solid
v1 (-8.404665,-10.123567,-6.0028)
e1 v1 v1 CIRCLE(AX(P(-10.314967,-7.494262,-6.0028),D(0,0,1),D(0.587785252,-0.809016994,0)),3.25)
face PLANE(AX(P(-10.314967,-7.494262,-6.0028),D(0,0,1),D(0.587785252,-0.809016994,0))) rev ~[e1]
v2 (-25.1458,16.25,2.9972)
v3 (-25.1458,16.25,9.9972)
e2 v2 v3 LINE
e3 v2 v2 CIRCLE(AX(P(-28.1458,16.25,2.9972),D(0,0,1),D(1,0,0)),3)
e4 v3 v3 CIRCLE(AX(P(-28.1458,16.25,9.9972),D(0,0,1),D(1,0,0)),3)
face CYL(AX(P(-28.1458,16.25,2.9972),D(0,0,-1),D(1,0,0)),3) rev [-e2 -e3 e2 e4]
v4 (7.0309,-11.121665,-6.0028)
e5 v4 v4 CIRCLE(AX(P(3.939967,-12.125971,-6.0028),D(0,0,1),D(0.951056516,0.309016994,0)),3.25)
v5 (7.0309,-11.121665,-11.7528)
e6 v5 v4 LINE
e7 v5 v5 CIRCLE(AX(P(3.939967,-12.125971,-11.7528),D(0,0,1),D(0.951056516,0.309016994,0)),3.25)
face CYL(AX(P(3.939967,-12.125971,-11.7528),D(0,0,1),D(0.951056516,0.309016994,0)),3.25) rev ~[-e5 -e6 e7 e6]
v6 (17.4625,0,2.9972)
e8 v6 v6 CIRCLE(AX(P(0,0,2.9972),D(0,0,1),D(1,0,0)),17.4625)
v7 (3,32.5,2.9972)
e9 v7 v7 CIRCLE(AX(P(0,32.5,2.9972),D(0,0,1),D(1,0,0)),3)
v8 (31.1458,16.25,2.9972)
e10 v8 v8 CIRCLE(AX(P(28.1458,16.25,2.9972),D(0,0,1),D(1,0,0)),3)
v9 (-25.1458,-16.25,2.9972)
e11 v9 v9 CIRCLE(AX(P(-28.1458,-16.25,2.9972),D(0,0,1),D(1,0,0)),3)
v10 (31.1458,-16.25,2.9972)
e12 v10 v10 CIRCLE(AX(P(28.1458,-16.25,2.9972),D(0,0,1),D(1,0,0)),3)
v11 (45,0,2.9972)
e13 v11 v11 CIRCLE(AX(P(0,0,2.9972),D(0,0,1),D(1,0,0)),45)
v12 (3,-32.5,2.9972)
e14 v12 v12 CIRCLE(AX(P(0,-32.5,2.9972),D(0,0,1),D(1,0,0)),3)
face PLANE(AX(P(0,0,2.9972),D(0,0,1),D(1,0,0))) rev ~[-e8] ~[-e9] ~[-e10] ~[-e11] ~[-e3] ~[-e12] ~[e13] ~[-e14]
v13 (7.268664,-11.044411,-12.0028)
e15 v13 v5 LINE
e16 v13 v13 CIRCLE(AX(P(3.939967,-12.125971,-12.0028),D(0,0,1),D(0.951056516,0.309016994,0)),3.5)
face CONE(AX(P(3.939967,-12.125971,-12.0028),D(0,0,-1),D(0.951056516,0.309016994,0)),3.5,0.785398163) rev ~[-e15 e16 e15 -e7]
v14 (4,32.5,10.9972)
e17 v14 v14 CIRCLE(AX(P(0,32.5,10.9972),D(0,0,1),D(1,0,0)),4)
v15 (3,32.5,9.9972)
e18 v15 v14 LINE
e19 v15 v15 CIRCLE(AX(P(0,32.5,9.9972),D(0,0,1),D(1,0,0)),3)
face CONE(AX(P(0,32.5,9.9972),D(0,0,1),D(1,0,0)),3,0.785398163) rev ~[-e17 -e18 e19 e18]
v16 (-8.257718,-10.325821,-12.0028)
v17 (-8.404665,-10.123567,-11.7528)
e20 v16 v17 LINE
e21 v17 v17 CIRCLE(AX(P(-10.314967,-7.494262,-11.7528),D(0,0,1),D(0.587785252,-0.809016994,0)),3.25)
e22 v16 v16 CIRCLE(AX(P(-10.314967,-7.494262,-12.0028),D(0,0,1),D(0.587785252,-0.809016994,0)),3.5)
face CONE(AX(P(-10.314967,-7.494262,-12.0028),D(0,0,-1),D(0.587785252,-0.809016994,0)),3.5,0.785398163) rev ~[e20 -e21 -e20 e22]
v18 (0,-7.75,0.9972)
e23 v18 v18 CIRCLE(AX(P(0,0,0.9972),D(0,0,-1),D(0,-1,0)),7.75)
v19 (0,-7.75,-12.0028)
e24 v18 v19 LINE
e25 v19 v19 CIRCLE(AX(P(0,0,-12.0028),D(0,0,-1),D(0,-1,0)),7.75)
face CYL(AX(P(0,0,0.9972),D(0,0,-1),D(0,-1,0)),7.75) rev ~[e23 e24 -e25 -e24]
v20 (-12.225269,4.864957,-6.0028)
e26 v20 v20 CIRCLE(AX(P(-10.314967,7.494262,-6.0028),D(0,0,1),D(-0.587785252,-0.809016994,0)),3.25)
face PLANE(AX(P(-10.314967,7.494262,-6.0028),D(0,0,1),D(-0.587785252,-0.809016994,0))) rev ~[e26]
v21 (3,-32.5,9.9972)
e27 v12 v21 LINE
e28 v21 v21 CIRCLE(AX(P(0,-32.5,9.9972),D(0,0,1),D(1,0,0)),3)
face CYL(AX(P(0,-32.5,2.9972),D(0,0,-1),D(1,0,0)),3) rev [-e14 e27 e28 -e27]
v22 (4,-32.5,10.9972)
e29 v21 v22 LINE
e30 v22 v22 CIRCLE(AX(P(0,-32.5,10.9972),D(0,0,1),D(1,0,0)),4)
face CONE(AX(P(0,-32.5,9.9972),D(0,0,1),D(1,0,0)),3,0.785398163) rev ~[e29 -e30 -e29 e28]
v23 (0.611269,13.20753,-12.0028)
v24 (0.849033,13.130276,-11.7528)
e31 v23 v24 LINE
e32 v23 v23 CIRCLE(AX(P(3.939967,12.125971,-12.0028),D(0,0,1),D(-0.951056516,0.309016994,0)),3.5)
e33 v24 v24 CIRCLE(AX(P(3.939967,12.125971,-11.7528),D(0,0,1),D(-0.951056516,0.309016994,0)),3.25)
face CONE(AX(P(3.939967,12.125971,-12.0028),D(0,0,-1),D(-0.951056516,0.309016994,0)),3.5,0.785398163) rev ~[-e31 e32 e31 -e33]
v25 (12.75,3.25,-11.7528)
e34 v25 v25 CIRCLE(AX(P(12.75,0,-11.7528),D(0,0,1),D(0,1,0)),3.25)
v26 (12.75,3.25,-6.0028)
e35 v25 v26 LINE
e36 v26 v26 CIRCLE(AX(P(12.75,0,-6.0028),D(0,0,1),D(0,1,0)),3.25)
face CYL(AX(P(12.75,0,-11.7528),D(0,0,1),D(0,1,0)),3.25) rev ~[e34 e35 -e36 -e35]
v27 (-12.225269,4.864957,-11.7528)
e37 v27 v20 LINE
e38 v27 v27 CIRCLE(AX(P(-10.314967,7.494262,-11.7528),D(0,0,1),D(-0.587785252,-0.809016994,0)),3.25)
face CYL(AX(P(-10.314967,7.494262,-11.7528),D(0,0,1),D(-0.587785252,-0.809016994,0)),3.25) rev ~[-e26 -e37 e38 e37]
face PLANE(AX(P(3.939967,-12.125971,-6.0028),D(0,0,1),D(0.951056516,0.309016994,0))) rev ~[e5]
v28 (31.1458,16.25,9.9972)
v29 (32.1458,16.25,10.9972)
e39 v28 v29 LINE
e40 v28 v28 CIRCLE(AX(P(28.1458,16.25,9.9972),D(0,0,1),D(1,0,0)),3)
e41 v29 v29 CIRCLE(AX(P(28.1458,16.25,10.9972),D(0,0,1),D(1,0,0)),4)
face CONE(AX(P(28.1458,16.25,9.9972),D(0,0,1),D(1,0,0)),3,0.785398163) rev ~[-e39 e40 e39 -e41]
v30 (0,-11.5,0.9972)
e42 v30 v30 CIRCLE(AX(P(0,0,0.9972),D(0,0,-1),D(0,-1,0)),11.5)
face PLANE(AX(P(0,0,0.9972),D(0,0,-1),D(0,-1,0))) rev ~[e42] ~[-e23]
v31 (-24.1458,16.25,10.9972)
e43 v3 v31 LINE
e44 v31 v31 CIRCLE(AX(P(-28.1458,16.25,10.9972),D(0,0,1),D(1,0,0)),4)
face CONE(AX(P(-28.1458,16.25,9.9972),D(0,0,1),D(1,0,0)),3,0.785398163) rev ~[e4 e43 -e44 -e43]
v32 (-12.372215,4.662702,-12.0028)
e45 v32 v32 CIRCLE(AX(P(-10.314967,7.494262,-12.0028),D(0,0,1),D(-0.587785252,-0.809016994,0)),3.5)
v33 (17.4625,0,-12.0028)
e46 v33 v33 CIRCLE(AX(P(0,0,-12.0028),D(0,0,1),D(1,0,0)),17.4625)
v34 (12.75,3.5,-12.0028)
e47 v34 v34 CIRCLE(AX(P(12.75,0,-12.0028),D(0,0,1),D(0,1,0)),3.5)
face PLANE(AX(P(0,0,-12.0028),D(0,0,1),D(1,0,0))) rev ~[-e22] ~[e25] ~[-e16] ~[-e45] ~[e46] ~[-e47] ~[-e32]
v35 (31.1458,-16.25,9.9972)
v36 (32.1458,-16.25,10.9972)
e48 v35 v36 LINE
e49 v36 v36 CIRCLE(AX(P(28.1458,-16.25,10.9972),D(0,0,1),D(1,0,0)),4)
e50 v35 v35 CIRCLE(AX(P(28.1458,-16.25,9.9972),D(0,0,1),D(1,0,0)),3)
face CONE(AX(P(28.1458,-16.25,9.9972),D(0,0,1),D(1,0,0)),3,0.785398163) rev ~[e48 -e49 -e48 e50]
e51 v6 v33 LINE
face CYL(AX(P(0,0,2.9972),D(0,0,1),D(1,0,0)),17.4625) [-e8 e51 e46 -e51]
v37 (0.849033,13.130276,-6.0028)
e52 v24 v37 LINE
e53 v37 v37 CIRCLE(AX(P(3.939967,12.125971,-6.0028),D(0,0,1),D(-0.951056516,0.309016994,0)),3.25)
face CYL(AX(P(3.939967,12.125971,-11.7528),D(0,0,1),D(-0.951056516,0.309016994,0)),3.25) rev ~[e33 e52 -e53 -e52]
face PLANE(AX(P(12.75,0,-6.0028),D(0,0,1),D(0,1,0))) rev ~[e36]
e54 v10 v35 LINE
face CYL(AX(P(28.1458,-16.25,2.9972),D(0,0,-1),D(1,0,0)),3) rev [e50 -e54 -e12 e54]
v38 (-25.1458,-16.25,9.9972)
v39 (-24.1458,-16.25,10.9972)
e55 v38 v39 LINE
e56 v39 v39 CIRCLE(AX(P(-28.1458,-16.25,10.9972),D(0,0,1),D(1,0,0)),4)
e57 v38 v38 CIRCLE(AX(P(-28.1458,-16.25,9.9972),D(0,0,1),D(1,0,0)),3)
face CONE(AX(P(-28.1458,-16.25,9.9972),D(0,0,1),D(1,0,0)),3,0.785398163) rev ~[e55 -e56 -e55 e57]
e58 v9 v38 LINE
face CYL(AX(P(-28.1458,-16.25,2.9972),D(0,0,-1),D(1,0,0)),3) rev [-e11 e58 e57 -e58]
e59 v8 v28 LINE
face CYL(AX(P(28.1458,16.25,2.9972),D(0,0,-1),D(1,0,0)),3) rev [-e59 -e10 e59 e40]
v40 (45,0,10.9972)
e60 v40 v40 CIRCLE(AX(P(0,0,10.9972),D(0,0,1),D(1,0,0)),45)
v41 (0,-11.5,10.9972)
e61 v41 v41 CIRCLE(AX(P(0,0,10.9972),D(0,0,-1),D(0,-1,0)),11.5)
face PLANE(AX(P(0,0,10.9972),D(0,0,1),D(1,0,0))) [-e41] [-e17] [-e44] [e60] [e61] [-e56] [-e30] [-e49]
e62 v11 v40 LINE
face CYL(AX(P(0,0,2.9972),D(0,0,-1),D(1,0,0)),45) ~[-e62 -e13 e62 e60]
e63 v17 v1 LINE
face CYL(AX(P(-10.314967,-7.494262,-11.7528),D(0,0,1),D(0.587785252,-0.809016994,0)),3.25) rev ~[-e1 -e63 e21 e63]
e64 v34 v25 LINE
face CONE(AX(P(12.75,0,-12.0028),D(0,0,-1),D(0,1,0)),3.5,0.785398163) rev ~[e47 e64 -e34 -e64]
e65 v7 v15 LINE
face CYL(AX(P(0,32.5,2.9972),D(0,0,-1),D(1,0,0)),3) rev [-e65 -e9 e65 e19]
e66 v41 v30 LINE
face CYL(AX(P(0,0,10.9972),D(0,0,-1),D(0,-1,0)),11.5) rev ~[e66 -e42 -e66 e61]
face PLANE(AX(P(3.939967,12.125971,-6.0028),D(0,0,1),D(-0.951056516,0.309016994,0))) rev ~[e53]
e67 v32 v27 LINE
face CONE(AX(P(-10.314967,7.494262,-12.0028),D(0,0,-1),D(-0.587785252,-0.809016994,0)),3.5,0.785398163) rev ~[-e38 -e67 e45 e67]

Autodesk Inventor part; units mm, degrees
ref_plane "YZ Plane" through (0, 0, 0) normal (1, 0, 0) x (0, 1, 0)
ref_plane "Work Plane1" through (0, 0, 2.9972) normal (0, 0, 1) x (1, 0, 0)
sketch "Sketch1" plane through (0, 0, 2.9972) normal (0, 0, 1) x (1, 0, 0)
  circle A0 centre (0, 0) radius 17.4625
  circle A1 centre (0, 0) radius 32.5 construction
  circle A2 centre (0, 0) radius 45
  circle A3 centre (0, -32.5) radius 3
  circle A4 centre (28.1458, -16.25) radius 3
  circle A5 centre (28.1458, 16.25) radius 3
  circle A6 centre (0, 32.5) radius 3
  circle A7 centre (-28.1458, 16.25) radius 3
  circle A8 centre (-28.1458, -16.25) radius 3
  dimension "d1" = 65
  dimension "d0" = 34.925
  dimension "d2" = 90
  dimension "d3" = 6
  dimension "d6" = 360
extrude "Extrusion1" add sketch "Sketch1" along normal blind 8 contours A0 | A2
ref_plane "Work Plane2" through (-75, -75, -12) normal (0, 0, -1) x (0, 1, 0)
extrude "Extrusion2" add sketch "Sketch1" against normal blind 15 contours A0
sketch "Sketch4" plane through (0, 0, 10.9972) normal (0, 0, 1) x (1, 0, 0)
  point P0 (0, 0)
  point P1 (0, 0)
hole "Hole1" at (0, 0, 10.9972) direction (0, 0, -1) diameter 15.5 end through all counterbore diameter 23 counterbore depth 10
chamfer "Chamfer1" distance 1 angle 45 6 edges at (-3, 32.5, 10.9972) (25.1458, 16.25, 10.9972) (25.1458, -16.25, 10.9972) (-3, -32.5, 10.9972) (-31.1458, -16.25, 10.9972) (-31.1458, 16.25, 10.9972)
sketch "Sketch5" plane through (0, 0, -12.0028) normal (0, 0, -1) x (-1, 0, 0)
  circle A0 centre (0, 0) radius 12.75 construction
  line L0 (-12.75, 0) -> (0, 0) construction
  dimension "d37" = 25.5
hole "Hole2" at (12.75, 0, -12.0028) direction (0, 0, 1) diameter 6.5 depth 6 countersink diameter 7 countersink angle 90
pattern_circular "Circular Pattern1" count 5 over 360 about axis through (0, 0, 2.9972) along (0, 0, -1) of "Hole2"
properties part number "output pin holder"
